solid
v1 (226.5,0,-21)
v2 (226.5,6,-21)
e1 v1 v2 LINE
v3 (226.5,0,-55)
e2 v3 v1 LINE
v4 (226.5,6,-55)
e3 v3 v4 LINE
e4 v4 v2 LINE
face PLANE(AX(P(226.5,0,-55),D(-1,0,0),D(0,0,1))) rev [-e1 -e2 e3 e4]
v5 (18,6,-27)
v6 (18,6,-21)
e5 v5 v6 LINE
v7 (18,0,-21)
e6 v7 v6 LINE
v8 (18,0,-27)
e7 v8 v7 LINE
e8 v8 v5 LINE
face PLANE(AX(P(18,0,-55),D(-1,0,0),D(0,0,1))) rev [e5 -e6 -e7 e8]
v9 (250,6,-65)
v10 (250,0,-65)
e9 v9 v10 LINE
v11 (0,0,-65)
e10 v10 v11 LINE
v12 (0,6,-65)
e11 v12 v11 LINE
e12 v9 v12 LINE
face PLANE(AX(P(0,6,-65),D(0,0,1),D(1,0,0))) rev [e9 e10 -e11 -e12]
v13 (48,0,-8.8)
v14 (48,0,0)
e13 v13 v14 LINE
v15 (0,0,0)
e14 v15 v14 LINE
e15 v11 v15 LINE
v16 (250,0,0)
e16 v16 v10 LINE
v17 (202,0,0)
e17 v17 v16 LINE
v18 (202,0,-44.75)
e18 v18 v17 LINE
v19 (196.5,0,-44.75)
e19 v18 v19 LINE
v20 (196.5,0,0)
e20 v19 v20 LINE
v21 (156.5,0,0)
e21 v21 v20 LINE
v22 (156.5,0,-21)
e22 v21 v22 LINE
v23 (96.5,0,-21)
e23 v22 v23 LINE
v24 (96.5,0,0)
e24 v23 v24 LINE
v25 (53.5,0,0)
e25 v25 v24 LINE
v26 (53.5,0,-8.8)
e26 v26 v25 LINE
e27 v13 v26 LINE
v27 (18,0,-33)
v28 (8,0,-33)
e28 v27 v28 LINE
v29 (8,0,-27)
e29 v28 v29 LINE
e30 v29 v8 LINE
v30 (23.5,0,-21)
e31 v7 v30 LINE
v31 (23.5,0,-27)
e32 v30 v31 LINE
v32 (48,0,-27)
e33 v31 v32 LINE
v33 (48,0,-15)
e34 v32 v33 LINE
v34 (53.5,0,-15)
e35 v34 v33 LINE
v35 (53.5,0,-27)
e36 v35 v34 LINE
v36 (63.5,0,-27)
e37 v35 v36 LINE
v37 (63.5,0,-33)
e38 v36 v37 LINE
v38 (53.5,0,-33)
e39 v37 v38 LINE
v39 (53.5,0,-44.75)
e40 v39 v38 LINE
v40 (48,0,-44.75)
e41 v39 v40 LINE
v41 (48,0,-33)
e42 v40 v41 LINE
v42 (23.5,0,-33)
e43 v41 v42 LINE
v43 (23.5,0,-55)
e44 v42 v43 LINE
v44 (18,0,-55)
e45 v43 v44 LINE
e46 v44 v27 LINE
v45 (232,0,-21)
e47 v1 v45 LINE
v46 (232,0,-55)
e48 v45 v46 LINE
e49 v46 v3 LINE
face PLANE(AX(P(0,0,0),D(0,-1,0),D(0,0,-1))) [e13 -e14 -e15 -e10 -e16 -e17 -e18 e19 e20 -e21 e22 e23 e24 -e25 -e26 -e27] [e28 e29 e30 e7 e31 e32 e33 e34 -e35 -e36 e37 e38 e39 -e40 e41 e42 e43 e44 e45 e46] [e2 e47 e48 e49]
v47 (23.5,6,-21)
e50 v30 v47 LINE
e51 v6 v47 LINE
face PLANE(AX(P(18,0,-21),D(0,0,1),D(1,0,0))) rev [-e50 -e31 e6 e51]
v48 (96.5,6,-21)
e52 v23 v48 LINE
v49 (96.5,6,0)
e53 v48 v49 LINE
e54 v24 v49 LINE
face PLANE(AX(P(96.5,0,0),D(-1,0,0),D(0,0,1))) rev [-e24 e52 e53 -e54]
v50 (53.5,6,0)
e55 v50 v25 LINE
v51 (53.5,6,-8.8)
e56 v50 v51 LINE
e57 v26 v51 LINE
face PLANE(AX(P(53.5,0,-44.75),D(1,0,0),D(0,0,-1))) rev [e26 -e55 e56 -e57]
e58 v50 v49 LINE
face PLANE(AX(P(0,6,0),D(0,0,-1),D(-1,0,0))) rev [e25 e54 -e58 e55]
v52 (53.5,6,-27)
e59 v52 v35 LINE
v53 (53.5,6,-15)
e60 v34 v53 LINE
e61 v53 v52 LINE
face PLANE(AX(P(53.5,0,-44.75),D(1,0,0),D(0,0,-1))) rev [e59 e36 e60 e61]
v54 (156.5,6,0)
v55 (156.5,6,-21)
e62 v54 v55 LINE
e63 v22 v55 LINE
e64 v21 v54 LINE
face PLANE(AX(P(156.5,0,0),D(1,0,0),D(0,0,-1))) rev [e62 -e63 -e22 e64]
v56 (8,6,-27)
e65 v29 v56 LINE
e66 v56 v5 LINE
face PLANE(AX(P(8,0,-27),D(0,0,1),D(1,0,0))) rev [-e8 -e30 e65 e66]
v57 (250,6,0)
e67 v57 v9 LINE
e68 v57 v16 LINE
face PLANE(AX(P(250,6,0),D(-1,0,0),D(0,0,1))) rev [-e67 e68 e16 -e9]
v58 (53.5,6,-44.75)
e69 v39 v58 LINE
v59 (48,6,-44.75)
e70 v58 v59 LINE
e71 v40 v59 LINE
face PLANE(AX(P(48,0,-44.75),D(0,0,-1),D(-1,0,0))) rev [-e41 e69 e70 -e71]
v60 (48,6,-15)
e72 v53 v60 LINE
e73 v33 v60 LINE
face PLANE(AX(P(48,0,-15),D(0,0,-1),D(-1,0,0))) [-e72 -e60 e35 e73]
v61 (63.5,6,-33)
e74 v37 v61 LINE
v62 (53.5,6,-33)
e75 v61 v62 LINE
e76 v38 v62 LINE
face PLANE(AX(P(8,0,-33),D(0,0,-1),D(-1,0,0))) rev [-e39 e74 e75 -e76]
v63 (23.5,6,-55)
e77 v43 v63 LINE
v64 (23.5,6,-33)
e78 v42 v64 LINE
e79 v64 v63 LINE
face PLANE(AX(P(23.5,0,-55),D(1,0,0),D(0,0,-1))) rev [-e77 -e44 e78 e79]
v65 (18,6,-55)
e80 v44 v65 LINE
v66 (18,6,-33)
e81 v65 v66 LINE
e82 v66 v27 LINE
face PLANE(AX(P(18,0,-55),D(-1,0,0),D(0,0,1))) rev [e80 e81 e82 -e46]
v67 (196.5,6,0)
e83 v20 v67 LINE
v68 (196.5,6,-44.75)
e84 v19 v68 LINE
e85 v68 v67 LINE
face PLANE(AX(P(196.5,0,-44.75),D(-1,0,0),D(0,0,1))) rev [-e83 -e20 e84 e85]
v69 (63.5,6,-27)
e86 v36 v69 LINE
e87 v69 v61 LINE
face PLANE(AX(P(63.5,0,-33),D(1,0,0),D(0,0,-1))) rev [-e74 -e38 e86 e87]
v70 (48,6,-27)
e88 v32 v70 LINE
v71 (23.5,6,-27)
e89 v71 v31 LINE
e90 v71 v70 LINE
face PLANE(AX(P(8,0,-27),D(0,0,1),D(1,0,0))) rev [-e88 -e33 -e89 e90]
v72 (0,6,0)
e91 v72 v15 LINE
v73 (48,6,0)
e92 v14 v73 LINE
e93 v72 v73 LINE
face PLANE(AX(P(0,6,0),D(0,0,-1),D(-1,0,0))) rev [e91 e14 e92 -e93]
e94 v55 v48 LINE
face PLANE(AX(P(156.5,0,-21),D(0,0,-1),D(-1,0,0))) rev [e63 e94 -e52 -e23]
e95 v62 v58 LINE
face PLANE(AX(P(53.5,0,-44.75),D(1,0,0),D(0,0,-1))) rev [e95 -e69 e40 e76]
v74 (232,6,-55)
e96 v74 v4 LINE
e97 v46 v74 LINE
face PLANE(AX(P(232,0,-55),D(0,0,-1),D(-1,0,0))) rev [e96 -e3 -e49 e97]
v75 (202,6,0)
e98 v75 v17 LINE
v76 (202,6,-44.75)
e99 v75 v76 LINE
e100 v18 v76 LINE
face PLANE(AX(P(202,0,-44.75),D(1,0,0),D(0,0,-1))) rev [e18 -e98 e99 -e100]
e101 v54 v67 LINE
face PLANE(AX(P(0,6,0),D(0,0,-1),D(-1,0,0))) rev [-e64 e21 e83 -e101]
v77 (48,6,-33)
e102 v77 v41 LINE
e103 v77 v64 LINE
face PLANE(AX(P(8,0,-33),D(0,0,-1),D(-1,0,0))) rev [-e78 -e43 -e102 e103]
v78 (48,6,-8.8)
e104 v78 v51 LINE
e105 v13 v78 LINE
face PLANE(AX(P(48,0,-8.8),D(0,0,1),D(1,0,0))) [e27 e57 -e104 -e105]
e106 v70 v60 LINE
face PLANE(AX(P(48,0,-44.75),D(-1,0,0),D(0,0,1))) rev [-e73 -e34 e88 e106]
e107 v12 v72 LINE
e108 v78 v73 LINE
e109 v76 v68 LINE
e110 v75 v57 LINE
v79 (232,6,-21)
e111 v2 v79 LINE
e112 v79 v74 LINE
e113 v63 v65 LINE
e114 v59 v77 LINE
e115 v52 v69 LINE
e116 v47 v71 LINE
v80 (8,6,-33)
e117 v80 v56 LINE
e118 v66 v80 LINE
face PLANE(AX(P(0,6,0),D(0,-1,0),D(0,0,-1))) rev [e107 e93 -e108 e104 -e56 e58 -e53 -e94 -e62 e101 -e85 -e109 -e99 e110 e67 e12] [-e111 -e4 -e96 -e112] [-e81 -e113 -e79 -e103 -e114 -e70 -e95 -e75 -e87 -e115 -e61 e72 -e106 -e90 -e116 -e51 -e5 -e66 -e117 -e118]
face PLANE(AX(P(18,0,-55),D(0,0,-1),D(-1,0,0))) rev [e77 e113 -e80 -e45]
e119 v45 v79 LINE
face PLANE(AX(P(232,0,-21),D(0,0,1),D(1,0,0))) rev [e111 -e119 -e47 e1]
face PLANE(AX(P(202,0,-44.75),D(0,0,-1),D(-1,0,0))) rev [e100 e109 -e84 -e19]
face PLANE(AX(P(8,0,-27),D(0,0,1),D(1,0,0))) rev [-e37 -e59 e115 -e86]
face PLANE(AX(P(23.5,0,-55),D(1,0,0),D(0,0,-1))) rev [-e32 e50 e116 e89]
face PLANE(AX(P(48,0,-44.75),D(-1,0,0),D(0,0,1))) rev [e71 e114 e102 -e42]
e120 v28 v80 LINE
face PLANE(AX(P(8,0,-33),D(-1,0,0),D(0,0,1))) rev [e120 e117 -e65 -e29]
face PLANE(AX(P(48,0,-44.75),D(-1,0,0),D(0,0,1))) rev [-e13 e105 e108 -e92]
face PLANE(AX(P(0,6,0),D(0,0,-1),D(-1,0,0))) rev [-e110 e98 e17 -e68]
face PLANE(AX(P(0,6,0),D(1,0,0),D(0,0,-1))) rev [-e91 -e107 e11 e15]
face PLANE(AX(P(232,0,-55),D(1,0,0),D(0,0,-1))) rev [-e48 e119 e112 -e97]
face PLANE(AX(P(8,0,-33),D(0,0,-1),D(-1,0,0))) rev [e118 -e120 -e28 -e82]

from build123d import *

# Parameters (mm, degrees)
SKETCH1_W           = 250
SKETCH1_H           = 65
BOSS_EXTRUDE1_DEPTH = 6
SKETCH2_W           = 5.5
SKETCH2_H           = 34
SKETCH2_H_2         = 47.5
CUT_EXTRUDE1_DEPTH  = 259.381500886
SKETCH3_W           = 60
SKETCH3_H           = 21
CUT_EXTRUDE2_DEPTH  = 259.381500886
SKETCH4_W           = 55.5
SKETCH4_H           = 6
CUT_EXTRUDE3_DEPTH  = 259.381500886
SKETCH5_W           = 5.5
SKETCH5_H           = 6.2
BOSS_EXTRUDE2_DEPTH = 6


with BuildPart() as part:
    # Sketch1 → Boss-Extrude1 (new body)
    with BuildSketch(Plane(origin=(0, 0, 0), x_dir=(1, 0, 0), z_dir=(0, 1, 0))):
        with Locations((125, 32.5)):
            Rectangle(SKETCH1_W, SKETCH1_H)
    extrude(amount=BOSS_EXTRUDE1_DEPTH)

    # Sketch2 → Cut-Extrude1 (cut, through all)
    with BuildSketch(Plane(origin=(0, 6, 0), x_dir=(1, 0, 0), z_dir=(0, 1, 0))):
        with Locations((20.75, 38)):
            Rectangle(SKETCH2_W, SKETCH2_H)
        with Locations((50.75, 21)):
            Rectangle(SKETCH2_W, SKETCH2_H_2)
        with Locations((199.25, 21)):
            Rectangle(SKETCH2_W, SKETCH2_H_2)
        with Locations((229.25, 38)):
            Rectangle(SKETCH2_W, SKETCH2_H)
    extrude(amount=-CUT_EXTRUDE1_DEPTH, mode=Mode.SUBTRACT)

    # Sketch3 → Cut-Extrude2 (cut, through all)
    with BuildSketch(Plane(origin=(0, 6, 0), x_dir=(1, 0, 0), z_dir=(0, 1, 0))):
        with Locations((126.5, 10.5)):
            Rectangle(SKETCH3_W, SKETCH3_H)
    extrude(amount=-CUT_EXTRUDE2_DEPTH, mode=Mode.SUBTRACT)

    # Sketch4 → Cut-Extrude3 (cut, through all)
    with BuildSketch(Plane(origin=(0, 6, 0), x_dir=(1, 0, 0), z_dir=(0, 1, 0))):
        with Locations((35.75, 30)):
            Rectangle(SKETCH4_W, SKETCH4_H)
    extrude(amount=-CUT_EXTRUDE3_DEPTH, mode=Mode.SUBTRACT)

    # Sketch5 → Boss-Extrude2 (add)
    with BuildSketch(Plane(origin=(0, 6, 0), x_dir=(1, 0, 0), z_dir=(0, 1, 0))):
        with Locations((50.75, 11.9)):
            Rectangle(SKETCH5_W, SKETCH5_H)
    extrude(amount=-BOSS_EXTRUDE2_DEPTH)


solid = part.part
